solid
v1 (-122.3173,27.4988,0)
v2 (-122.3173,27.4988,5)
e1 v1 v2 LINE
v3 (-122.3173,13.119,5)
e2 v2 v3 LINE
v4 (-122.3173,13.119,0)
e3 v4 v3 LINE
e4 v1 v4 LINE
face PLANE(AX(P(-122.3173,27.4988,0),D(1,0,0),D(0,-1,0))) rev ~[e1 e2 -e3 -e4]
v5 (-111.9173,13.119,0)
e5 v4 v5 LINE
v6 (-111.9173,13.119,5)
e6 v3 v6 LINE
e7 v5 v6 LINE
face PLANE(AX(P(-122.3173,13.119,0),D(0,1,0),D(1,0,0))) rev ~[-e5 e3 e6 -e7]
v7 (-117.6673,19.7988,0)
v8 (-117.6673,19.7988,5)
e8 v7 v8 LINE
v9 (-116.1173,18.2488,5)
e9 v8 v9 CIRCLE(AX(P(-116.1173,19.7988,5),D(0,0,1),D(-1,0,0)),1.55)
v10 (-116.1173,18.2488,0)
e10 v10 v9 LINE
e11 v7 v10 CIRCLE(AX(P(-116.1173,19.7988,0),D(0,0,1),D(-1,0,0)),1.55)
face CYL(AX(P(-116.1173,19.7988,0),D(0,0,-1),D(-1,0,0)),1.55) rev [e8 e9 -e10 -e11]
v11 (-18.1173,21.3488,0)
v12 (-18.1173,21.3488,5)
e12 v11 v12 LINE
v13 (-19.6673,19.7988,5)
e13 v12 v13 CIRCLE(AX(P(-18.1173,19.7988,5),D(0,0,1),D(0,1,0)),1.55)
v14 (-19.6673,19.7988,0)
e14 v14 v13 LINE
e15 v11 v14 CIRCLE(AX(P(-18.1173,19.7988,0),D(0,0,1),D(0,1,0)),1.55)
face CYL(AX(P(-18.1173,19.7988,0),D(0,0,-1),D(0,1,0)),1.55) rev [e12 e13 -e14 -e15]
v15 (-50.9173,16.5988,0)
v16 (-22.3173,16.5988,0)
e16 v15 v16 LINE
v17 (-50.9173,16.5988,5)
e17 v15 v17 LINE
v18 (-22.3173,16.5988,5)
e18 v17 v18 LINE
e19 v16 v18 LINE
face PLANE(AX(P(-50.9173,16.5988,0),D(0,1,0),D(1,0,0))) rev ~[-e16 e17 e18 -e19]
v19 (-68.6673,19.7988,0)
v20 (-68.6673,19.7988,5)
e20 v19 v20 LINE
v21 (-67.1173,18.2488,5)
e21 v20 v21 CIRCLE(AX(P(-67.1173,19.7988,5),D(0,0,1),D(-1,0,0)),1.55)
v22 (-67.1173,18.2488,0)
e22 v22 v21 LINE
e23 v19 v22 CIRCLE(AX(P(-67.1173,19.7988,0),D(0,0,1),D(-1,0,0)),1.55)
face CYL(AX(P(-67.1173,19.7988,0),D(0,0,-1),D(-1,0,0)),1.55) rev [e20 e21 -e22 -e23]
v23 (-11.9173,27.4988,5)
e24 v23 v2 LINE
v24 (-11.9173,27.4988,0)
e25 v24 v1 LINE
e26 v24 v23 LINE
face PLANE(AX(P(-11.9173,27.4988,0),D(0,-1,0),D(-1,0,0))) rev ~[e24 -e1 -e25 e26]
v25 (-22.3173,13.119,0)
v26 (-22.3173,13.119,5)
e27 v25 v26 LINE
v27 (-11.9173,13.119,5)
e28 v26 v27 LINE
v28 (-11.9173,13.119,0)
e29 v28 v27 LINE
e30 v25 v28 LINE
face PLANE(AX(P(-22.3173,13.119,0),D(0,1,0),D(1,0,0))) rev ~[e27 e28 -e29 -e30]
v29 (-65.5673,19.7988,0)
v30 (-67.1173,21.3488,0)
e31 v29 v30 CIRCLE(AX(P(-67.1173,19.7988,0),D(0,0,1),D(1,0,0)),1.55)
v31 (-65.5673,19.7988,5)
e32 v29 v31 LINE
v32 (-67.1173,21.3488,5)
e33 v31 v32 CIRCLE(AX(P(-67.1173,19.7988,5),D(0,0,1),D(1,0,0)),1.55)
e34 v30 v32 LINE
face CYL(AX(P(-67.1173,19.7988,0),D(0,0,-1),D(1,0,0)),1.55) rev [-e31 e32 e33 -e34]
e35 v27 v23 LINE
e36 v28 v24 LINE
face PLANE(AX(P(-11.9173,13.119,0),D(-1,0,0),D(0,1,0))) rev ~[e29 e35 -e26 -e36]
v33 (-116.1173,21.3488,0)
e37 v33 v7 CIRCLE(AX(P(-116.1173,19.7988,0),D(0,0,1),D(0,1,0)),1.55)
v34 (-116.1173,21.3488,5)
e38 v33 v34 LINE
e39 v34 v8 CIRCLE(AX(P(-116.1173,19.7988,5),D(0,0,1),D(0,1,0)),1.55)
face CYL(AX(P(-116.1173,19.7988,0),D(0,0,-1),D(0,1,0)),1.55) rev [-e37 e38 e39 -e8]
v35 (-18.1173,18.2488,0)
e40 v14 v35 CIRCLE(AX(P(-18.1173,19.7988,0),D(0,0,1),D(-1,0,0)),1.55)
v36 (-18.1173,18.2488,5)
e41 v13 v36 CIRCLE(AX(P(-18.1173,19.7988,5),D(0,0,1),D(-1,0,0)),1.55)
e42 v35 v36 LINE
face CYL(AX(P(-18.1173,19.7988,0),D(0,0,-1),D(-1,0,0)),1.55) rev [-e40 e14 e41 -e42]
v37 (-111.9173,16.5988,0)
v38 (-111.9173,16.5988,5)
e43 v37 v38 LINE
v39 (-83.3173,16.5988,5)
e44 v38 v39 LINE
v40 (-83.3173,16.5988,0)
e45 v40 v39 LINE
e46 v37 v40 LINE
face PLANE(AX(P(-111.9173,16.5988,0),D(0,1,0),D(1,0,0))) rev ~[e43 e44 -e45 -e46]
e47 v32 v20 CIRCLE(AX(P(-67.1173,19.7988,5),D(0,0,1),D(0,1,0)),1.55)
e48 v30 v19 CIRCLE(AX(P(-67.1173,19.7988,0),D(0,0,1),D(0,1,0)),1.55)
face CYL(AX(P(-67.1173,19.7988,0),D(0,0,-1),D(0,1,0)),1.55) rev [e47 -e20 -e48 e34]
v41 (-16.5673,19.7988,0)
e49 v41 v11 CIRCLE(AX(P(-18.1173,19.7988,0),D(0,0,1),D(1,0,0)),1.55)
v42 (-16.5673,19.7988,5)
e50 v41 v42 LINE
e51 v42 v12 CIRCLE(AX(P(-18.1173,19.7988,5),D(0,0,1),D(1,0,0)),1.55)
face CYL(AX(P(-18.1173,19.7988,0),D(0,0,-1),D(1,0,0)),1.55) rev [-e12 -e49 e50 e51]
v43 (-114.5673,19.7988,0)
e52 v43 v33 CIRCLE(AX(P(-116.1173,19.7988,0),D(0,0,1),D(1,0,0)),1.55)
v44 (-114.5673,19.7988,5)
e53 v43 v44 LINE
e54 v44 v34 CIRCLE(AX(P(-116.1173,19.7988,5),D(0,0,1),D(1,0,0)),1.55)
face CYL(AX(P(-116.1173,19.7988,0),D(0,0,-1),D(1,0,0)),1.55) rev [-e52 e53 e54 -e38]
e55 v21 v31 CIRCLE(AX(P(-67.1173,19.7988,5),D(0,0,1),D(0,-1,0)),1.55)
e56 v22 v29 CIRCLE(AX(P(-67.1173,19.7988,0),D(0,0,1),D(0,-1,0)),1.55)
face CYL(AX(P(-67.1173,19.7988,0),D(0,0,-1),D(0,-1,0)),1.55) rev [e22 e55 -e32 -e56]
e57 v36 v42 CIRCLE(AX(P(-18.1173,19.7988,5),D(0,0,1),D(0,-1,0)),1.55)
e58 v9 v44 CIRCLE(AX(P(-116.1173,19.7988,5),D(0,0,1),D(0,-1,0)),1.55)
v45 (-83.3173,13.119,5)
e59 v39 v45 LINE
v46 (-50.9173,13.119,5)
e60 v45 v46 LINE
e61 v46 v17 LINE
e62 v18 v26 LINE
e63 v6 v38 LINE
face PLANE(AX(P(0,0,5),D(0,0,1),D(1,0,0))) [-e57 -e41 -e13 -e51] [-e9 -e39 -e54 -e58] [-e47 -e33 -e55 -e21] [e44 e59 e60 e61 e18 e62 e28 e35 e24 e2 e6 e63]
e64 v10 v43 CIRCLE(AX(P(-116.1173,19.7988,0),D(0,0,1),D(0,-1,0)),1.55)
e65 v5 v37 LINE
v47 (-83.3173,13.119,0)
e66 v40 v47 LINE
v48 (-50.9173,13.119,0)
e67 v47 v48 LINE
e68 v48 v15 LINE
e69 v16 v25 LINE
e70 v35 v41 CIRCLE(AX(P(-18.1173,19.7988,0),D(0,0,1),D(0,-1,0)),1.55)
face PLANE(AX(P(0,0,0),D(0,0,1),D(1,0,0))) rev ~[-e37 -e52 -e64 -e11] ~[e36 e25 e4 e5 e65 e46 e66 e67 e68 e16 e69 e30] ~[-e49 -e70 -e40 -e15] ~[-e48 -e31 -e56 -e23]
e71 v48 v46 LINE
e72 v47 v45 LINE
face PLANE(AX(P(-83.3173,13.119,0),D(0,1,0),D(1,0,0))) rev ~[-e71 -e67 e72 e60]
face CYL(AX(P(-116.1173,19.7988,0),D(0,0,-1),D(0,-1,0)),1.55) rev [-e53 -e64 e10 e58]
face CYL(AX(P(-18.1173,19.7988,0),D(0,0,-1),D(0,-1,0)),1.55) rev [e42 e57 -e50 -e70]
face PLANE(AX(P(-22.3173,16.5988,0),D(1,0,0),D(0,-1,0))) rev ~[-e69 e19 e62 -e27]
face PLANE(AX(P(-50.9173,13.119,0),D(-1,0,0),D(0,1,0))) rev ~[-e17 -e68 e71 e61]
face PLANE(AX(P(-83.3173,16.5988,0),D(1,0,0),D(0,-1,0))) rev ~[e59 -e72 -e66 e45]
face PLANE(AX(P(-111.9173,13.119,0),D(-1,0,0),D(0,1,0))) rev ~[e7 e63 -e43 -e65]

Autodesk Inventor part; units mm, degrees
ref_plane "YZ Plane" through (0, 0, 0) normal (1, 0, 0) x (0, 1, 0)
ref_plane "XZ Plane" through (0, 0, 0) normal (0, 1, 0) x (-1, 0, 0)
ref_plane "XY Plane" through (0, 0, 0) normal (0, 0, 1) x (1, 0, 0)
sketch "Boceto1" plane through (0, 0, 0) normal (0, 0, 1) x (1, 0, 0)
  arc A0 (-67.1173, 21.3488) -> (-68.6673, 19.7988) centre (-67.1173, 19.7988) ccw
  arc A1 (-68.6673, 19.7988) -> (-67.1173, 18.2488) centre (-67.1173, 19.7988) ccw
  arc A2 (-67.1173, 18.2488) -> (-65.5673, 19.7988) centre (-67.1173, 19.7988) ccw
  arc A3 (-65.5673, 19.7988) -> (-67.1173, 21.3488) centre (-67.1173, 19.7988) ccw
  arc A4 (-116.1173, 21.3488) -> (-117.6673, 19.7988) centre (-116.1173, 19.7988) ccw
  arc A5 (-117.6673, 19.7988) -> (-116.1173, 18.2488) centre (-116.1173, 19.7988) ccw
  arc A6 (-116.1173, 18.2488) -> (-114.5673, 19.7988) centre (-116.1173, 19.7988) ccw
  arc A7 (-114.5673, 19.7988) -> (-116.1173, 21.3488) centre (-116.1173, 19.7988) ccw
  arc A8 (-18.1173, 21.3488) -> (-19.6673, 19.7988) centre (-18.1173, 19.7988) ccw
  arc A9 (-19.6673, 19.7988) -> (-18.1173, 18.2488) centre (-18.1173, 19.7988) ccw
  arc A10 (-18.1173, 18.2488) -> (-16.5673, 19.7988) centre (-18.1173, 19.7988) ccw
  arc A11 (-16.5673, 19.7988) -> (-18.1173, 21.3488) centre (-18.1173, 19.7988) ccw
  line L0 (-50.9173, 13.119) -> (-50.9173, 16.5988)
  line L1 (-50.9173, 16.5988) -> (-22.3173, 16.5988)
  line L2 (-22.3173, 16.5988) -> (-22.3173, 13.119)
  line L3 (-22.3173, 13.119) -> (-11.9173, 13.119)
  line L4 (-11.9173, 13.119) -> (-11.9173, 27.4988)
  line L5 (-11.9173, 27.4988) -> (-122.3173, 27.4988)
  line L6 (-122.3173, 27.4988) -> (-122.3173, 13.119)
  line L7 (-122.3173, 13.119) -> (-111.9173, 13.119)
  line L8 (-111.9173, 13.119) -> (-111.9173, 16.5988)
  line L9 (-111.9173, 16.5988) -> (-83.3173, 16.5988)
  line L10 (-83.3173, 16.5988) -> (-83.3173, 13.119)
  line L11 (-83.3173, 13.119) -> (-50.9173, 13.119)
  point P0 (0, 0)
extrude "Extrusión1" add sketch "Boceto1" along normal blind 5
properties part number "carro x lado motor pieza 3"
